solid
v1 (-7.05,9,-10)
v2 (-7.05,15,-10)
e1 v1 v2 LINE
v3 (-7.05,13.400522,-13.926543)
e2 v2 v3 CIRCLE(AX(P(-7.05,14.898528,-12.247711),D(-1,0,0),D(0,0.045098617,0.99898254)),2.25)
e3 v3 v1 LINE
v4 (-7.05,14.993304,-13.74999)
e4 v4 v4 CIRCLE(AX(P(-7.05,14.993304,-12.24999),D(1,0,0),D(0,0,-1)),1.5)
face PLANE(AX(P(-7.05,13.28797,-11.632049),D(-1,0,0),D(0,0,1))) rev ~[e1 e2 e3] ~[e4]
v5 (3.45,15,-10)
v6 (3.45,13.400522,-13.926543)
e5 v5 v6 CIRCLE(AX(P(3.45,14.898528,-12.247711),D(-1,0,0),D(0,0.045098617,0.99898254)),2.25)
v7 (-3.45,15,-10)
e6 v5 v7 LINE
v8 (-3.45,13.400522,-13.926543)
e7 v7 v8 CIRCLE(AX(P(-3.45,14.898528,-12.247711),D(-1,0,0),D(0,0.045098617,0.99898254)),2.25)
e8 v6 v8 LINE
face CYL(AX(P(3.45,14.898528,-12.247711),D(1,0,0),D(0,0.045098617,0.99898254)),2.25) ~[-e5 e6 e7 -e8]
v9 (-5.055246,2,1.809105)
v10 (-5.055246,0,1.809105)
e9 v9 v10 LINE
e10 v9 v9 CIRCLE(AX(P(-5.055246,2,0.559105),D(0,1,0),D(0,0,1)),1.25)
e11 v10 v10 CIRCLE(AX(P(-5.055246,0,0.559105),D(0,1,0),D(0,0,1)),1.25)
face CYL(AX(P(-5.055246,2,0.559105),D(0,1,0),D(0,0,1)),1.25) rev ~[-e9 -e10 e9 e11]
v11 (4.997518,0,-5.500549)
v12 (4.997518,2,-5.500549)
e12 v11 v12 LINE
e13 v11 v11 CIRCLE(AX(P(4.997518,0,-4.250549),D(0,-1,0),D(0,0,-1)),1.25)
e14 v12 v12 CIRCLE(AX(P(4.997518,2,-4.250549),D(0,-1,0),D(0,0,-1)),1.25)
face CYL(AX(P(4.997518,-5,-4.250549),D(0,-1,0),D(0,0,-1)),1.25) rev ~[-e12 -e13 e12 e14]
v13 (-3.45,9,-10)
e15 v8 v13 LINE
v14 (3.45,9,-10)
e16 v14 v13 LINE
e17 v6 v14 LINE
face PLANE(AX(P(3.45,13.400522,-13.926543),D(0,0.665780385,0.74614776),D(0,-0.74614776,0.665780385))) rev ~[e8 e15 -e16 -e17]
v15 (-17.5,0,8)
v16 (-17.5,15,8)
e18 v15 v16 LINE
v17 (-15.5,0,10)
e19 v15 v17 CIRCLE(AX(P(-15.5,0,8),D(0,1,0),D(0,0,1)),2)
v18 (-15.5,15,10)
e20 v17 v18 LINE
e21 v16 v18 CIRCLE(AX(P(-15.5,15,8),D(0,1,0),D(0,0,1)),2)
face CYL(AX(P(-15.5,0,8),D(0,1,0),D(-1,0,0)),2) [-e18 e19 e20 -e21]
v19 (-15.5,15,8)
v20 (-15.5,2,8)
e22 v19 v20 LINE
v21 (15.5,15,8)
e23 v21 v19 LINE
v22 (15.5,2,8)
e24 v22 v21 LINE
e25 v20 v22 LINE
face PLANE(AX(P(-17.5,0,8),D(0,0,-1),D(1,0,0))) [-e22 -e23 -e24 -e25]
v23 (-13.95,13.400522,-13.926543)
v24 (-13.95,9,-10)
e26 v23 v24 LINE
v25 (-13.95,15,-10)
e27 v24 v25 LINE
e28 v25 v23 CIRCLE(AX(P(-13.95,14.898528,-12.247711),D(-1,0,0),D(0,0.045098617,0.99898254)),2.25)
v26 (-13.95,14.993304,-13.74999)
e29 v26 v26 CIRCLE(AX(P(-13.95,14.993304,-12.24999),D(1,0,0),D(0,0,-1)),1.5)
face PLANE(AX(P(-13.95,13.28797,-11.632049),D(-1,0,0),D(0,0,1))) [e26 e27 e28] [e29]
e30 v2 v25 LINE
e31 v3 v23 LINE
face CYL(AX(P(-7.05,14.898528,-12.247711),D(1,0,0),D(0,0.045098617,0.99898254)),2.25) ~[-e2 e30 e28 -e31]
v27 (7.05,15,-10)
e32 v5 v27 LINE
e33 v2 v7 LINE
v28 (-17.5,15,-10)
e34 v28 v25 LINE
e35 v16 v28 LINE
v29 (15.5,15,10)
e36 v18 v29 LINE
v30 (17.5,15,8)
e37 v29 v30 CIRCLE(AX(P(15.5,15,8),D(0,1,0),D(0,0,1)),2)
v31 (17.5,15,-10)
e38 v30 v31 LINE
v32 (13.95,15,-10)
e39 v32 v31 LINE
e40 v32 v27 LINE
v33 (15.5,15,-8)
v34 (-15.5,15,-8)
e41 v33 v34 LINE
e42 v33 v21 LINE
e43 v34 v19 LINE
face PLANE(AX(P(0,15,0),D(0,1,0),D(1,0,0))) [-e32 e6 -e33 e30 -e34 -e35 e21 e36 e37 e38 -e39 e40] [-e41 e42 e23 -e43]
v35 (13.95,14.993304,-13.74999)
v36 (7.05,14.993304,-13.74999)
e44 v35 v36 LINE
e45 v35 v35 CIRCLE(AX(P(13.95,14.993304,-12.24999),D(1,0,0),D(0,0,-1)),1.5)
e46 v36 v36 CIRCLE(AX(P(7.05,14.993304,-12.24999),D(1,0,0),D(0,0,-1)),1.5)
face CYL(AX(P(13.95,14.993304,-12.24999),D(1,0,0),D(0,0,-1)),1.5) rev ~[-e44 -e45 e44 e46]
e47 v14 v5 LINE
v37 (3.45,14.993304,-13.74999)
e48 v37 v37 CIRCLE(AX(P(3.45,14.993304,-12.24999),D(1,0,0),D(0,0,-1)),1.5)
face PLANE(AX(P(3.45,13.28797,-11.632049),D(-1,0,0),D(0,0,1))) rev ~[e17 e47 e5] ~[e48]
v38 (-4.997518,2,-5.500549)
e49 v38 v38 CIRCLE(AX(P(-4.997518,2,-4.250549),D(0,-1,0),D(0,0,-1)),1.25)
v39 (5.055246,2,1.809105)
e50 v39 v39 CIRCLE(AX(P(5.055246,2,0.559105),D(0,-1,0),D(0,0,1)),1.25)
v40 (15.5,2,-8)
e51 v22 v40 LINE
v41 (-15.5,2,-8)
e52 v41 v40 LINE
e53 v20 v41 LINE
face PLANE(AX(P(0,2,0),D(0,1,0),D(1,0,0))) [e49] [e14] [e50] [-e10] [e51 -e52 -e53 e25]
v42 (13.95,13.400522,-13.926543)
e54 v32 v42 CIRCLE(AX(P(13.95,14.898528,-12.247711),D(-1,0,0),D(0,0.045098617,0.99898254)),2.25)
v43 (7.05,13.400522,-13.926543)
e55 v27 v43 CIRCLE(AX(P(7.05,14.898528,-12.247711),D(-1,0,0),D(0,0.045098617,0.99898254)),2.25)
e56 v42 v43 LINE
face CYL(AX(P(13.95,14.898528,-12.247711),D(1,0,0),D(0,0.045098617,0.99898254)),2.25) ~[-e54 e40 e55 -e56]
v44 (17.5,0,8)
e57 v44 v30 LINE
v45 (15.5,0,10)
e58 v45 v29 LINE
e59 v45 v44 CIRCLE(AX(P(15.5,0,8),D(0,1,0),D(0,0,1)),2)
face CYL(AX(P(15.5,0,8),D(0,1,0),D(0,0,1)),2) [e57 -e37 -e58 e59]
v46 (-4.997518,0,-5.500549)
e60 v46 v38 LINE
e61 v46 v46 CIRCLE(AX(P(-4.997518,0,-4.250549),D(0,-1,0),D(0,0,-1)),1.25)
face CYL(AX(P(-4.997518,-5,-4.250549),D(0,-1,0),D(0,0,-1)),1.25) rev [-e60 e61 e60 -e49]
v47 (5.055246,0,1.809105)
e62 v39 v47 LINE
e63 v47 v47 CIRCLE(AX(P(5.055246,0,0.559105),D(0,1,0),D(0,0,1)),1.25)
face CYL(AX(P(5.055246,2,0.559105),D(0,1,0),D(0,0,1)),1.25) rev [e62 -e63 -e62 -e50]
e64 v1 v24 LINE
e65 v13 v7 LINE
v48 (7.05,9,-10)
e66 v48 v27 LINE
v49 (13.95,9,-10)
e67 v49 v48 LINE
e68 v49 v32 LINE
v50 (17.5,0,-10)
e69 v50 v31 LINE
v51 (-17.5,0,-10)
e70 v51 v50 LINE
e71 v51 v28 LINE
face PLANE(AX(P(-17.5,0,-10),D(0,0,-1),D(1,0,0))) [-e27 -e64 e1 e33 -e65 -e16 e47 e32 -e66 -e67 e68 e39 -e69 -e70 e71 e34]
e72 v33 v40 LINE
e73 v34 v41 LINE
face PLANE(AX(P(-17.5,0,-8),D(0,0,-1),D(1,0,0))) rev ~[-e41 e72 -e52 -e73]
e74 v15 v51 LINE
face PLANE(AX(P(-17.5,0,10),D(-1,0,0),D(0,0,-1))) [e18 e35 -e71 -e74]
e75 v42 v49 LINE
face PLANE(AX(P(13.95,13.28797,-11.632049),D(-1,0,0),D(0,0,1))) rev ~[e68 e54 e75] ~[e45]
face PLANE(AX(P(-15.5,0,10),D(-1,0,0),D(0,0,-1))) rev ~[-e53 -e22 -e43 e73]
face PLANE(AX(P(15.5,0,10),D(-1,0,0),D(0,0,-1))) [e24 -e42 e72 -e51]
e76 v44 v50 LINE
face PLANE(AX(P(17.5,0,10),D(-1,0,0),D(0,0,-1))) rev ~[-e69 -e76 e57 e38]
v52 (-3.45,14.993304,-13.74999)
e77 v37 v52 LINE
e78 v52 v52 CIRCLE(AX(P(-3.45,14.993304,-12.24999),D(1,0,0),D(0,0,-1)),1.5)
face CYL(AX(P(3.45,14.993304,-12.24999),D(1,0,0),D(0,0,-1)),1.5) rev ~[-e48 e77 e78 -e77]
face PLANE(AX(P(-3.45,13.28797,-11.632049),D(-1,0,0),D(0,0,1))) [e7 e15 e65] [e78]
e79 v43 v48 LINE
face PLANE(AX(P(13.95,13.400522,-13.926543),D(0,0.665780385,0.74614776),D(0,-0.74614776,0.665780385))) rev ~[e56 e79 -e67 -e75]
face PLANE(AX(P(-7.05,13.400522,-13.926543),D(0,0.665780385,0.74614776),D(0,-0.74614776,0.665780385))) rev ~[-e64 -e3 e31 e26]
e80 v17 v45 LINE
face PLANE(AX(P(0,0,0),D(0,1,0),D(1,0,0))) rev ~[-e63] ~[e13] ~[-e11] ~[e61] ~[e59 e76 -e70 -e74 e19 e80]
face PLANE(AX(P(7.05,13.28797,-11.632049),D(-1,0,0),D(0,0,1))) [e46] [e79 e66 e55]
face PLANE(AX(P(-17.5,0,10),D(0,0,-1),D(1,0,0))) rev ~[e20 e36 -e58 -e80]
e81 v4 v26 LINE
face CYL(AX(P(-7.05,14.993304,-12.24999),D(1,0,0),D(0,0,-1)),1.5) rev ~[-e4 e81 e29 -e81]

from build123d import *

# Parameters (mm, degrees)
SKETCH1_W           = 35
SKETCH1_H           = 20
BOSS_EXTRUDE4_DEPTH = 15
SHELL2_T            = -2
SKETCH8_R           = 1.5
BOSS_EXTRUDE7_DEPTH = 6.9
LPATTERN4_COUNT     = 3
LPATTERN4_PITCH     = 10.5
FILLET1_R           = 2
CUT_EXTRUDE2_START  = -5
SKETCH9_R           = 1.25
CUT_EXTRUDE2_DEPTH  = 34.469380611
SKETCH10_R          = 1.25
CUT_EXTRUDE3_DEPTH  = 28.311380776


with BuildPart() as part:
    # Sketch1 → Boss-Extrude4 (new body)
    with BuildSketch(Plane(origin=(0, 0, 0), x_dir=(1, 0, 0), z_dir=(0, 1, 0))):
        Rectangle(SKETCH1_W, SKETCH1_H)
    extrude(amount=BOSS_EXTRUDE4_DEPTH)

    # Shell2
    shell2_openings = [part.faces().sort_by_distance(p)[0] for p in [
        (0, 15, 0),
    ]]
    offset(amount=SHELL2_T, openings=shell2_openings, kind=Kind.INTERSECTION)

    # Sketch8 → Boss-Extrude7 (add)
    with BuildSketch(Plane(origin=(13.95, 0, 0), x_dir=(0, 0, -1), z_dir=(1, 0, 0))):
        with BuildLine():
            Line((13.926543174, 13.400522246), (10, 9))
            Line((10, 9), (10, 15))
            ThreePointArc((10, 15), (13.096526294, 16.982277643), (13.926543174, 13.400522246))
        make_face()
        with Locations((12.249990037, 14.993304126)):
            Circle(SKETCH8_R, mode=Mode.SUBTRACT)
    boss_extrude7 = extrude(amount=-BOSS_EXTRUDE7_DEPTH)

    # LPattern4: Boss-Extrude7 ×3
    with Locations(*[(-i * LPATTERN4_PITCH, 0, 0) for i in range(1, LPATTERN4_COUNT)]):
        add(boss_extrude7)

    # Fillet1
    fillet1_edges = [part.edges().sort_by_distance(p)[0] for p in [
        (17.5, 7.5, 10),
        (-17.5, 7.5, 10),
    ]]
    fillet(fillet1_edges, radius=FILLET1_R)

    # Sketch9 → Cut-Extrude2 (cut)
    with BuildSketch(Plane(origin=(0, 0, 0), x_dir=(1, 0, 0), z_dir=(0, 1, 0)).offset(CUT_EXTRUDE2_START)):
        with Locations(Location((-4.997517741, 4.250548665, 0), (0, 0, 90))):
            Circle(SKETCH9_R)
    cut_extrude2 = extrude(amount=CUT_EXTRUDE2_DEPTH, mode=Mode.SUBTRACT)

    # Sketch10 → Cut-Extrude3 (cut, through all)
    with BuildSketch(Plane(origin=(0, 2, 0), x_dir=(1, 0, 0), z_dir=(0, 1, 0))):
        with Locations(Location((-5.055245898, -0.559104904, 0), (0, 0, 270))):
            Circle(SKETCH10_R)
    cut_extrude3 = extrude(amount=-CUT_EXTRUDE3_DEPTH, mode=Mode.SUBTRACT)

    # Mirror1: Cut-Extrude2, Cut-Extrude3 across plane
    add(cut_extrude2.mirror(Plane(origin=(0, 0, 0), x_dir=(0, 0, 1), z_dir=(1, 0, 0))), mode=Mode.SUBTRACT)
    add(cut_extrude3.mirror(Plane(origin=(0, 0, 0), x_dir=(0, 0, 1), z_dir=(1, 0, 0))), mode=Mode.SUBTRACT)


solid = part.part
